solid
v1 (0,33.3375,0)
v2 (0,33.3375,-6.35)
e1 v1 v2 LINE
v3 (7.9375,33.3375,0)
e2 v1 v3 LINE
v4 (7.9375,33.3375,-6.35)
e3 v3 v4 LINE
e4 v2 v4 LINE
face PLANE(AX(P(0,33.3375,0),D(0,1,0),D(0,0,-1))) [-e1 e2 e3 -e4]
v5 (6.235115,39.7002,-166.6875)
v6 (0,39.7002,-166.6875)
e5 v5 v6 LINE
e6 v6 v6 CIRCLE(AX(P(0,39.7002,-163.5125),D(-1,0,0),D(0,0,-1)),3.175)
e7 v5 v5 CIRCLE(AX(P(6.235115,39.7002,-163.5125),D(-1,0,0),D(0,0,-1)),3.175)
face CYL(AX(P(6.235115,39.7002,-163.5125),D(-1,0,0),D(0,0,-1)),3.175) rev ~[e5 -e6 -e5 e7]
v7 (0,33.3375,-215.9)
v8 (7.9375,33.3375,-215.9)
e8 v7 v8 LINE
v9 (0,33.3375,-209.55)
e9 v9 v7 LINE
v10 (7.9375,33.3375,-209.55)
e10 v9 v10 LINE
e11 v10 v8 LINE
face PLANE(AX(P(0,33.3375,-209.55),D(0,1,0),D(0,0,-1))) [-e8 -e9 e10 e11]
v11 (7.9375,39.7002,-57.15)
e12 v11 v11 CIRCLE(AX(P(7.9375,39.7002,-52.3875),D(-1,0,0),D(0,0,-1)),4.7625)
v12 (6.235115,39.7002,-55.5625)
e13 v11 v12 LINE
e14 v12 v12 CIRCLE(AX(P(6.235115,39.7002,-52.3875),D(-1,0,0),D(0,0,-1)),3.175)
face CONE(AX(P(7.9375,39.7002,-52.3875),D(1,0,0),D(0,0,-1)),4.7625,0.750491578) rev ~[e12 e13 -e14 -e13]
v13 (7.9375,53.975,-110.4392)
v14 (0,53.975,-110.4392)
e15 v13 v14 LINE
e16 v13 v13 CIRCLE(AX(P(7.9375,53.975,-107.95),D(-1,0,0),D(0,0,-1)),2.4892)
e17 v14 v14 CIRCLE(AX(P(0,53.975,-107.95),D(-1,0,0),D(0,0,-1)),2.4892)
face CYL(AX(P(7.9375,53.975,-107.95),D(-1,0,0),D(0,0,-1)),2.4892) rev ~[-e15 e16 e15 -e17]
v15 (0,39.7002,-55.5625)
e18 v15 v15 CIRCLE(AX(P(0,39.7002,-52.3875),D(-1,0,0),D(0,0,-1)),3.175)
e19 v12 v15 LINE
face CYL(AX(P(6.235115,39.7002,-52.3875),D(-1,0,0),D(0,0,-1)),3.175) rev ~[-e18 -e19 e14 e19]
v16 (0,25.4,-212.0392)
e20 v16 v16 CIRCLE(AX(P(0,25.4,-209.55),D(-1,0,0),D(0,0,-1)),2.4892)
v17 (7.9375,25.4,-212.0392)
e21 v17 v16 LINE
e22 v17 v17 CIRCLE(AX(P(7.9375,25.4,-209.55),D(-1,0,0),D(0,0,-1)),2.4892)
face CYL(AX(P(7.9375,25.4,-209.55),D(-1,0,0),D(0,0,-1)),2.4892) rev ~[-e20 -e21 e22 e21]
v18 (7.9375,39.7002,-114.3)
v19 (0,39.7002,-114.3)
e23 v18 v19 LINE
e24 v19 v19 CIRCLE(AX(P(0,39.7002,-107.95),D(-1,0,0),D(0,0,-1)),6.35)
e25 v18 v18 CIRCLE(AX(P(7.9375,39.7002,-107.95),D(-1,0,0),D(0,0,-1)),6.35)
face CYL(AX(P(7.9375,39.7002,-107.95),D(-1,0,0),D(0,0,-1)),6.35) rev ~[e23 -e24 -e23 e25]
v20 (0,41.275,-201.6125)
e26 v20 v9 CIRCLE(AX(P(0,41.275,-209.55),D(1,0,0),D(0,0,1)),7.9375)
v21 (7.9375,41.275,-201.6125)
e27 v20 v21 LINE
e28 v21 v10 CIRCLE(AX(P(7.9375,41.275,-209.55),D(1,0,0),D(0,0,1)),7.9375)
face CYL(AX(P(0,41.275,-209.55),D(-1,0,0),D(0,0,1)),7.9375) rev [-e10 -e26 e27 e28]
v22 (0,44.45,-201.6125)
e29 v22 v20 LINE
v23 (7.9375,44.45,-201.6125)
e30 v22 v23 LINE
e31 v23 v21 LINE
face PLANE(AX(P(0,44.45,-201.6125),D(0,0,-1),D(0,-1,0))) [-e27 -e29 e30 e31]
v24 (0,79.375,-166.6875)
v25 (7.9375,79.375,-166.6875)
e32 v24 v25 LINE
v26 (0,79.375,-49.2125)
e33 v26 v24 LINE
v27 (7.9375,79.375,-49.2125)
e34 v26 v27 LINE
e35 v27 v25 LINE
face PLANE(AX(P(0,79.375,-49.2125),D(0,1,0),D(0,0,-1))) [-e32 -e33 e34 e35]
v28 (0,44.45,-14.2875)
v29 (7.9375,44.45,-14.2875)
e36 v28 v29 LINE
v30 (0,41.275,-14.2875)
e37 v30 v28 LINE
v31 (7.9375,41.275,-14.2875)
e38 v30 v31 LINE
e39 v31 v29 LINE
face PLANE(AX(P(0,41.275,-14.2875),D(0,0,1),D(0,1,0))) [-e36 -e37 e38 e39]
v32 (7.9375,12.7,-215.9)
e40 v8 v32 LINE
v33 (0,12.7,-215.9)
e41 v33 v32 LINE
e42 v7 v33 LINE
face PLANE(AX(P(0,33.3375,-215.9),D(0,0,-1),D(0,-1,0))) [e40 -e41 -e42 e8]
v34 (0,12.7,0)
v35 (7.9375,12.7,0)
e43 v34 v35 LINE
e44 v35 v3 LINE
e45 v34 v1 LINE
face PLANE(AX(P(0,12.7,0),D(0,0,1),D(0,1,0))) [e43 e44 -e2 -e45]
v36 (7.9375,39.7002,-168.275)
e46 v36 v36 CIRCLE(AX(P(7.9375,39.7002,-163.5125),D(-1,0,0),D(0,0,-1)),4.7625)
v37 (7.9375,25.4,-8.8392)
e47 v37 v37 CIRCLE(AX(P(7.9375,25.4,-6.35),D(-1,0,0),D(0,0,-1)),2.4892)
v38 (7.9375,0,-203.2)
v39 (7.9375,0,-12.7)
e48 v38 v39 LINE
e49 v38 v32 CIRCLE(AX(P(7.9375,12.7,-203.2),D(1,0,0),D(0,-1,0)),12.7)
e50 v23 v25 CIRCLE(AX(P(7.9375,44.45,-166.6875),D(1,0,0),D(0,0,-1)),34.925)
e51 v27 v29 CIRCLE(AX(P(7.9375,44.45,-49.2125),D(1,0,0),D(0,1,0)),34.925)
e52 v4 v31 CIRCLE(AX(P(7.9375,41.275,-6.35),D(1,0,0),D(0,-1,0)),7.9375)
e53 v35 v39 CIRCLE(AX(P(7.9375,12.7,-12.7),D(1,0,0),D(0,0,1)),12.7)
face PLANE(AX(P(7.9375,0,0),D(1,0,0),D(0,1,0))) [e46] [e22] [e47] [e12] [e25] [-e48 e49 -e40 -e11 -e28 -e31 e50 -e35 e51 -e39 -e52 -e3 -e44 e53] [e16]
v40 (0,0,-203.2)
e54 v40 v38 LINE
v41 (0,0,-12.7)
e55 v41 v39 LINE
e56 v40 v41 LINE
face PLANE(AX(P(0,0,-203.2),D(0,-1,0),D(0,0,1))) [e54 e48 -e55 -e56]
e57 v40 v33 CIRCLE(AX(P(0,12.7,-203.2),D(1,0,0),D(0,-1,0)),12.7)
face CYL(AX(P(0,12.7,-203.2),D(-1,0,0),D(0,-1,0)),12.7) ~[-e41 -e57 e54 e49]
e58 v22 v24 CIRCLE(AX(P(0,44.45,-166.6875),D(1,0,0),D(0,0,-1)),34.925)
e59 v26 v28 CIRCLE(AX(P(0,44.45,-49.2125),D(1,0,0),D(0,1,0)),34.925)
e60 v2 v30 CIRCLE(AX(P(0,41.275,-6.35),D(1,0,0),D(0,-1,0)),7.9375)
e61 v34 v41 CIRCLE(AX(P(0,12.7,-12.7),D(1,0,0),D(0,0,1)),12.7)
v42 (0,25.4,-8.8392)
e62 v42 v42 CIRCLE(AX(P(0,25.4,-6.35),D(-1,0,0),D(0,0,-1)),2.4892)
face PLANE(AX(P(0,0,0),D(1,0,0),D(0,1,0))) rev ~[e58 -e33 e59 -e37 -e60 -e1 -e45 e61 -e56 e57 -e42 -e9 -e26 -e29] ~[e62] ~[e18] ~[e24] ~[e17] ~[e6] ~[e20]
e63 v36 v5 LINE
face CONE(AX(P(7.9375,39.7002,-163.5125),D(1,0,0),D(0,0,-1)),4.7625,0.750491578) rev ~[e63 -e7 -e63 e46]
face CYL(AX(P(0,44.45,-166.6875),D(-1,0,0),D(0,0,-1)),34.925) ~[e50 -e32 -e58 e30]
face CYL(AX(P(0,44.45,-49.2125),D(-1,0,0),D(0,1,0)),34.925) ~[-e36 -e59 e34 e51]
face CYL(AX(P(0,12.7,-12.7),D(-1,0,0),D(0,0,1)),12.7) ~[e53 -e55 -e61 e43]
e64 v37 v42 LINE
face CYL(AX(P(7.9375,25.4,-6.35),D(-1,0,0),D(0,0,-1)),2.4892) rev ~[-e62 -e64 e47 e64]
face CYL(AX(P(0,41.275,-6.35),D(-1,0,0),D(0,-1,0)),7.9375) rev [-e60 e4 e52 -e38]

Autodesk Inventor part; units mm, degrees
ref_plane "YZ Plane" through (0, 0, 0) normal (1, 0, 0) x (0, 1, 0)
ref_plane "XZ Plane" through (0, 0, 0) normal (0, 1, 0) x (-1, 0, 0)
ref_plane "XY Plane" through (0, 0, 0) normal (0, 0, 1) x (1, 0, 0)
sketch "Sketch1" plane through (0, 0, 0) normal (1, 0, 0) x (0, 1, 0)
  line L0 (12.7, 0) -> (33.3375, 0)
  line L1 (33.3375, -215.9) -> (12.7, -215.9)
  line L2 (0, -203.2) -> (0, -12.7)
  line L3 (41.275, -14.2875) -> (44.45, -14.2875)
  line L4 (79.375, -49.2125) -> (79.375, -166.6875)
  line L5 (44.45, -201.6125) -> (41.275, -201.6125)
  line L6 (0, -210.6276) -> (0, -5.2724)
  line L7 (33.3375, 0) -> (33.3375, -6.35)
  line L8 (33.3375, -209.55) -> (33.3375, -215.9)
  arc A0 (79.375, -49.2125) -> (44.45, -14.2875) centre (44.45, -49.2125) ccw
  arc A1 (44.45, -201.6125) -> (79.375, -166.6875) centre (44.45, -166.6875) ccw
  arc A2 (33.3375, -6.35) -> (41.275, -14.2875) centre (41.275, -6.35) ccw
  arc A3 (41.275, -201.6125) -> (33.3375, -209.55) centre (41.275, -209.55) ccw
  arc A4 (12.7, 0) -> (0, -12.7) centre (12.7, -12.7) ccw
  arc A5 (0, -203.2) -> (12.7, -215.9) centre (12.7, -203.2) ccw
  point P0 (0, 0)
  point P1 (0, -215.9)
  point P2 (79.375, -201.6125)
  point P3 (79.375, -107.95)
  point P4 (33.3375, -107.95)
  dimension "d0" = 215.9
  dimension "d1" = 79.375
  dimension "d2" = 33.3375
  dimension "d3" = 14.2875
  dimension "d4" = 14.2875
  dimension "d5" = 34.925
  dimension "d6" = 34.925
  dimension "d7" = 7.9375
  dimension "d8" = 12.7
  dimension "d9" = 12.7
extrude "Extrusion1" add sketch "Sketch1" along normal blind 7.9375
sketch "Sketch2" plane through (7.9375, 0, 0) normal (1, 0, 0) x (0, 0, -1)
  line L0 (215.9, 12.7) -> (215.9, 33.3375) projected
  line L1 (215.9, 33.3375) -> (209.55, 33.3375) projected
  arc A0 (201.6125, 41.275) -> (209.55, 33.3375) centre (209.55, 41.275) ccw projected
  line L2 (201.6125, 41.275) -> (201.6125, 44.45) projected
  arc A1 (201.6125, 44.45) -> (166.6875, 79.375) centre (166.6875, 44.45) ccw projected
  line L3 (166.6875, 79.375) -> (49.2125, 79.375) projected
  arc A2 (49.2125, 79.375) -> (14.2875, 44.45) centre (49.2125, 44.45) ccw projected
  line L4 (14.2875, 44.45) -> (14.2875, 41.275) projected
  arc A3 (6.35, 33.3375) -> (14.2875, 41.275) centre (6.35, 41.275) ccw projected
  line L5 (6.35, 33.3375) -> (0, 33.3375) projected
  line L6 (0, 33.3375) -> (0, 12.7) projected
  arc A4 (0, 12.7) -> (12.7, 0) centre (12.7, 12.7) ccw projected
  line L7 (12.7, 0) -> (203.2, 0) projected
  arc A5 (203.2, 0) -> (215.9, 12.7) centre (203.2, 12.7) ccw projected
  line L8 (107.95, 79.375) -> (107.95, 0) construction
  point P0 (0, 0)
  point P1 (6.35, 25.4)
  point P2 (52.3875, 39.7002)
  point P3 (107.95, 53.975)
  point P4 (107.95, 39.7002)
  point P5 (209.55, 25.4)
  point P6 (163.5125, 39.7002)
  dimension "d12" = 107.95
  dimension "d13" = 39.7002
  dimension "d15" = 39.7002
  dimension "d16" = 53.975
  dimension "d17" = 52.3875
  dimension "d18" = 6.35
  dimension "d19" = 25.4
sketch "Sketch3" plane through (7.9375, 0, 0) normal (1, 0, 0) x (0, 0, -1)
  line L0 (49.2125, 79.375) -> (166.6875, 79.375) construction
  line L1 (107.95, 79.375) -> (107.95, 0) construction
  point P0 (0, 0)
hole "Hole1" at (7.9375, 39.7002, -107.95) direction (-1, 0, 0) diameter 12.7 depth 25.4 tip angle 118
hole "Hole2" at (7.9375, 53.975, -107.95) direction (-1, 0, 0) diameter 4.9784 depth 25.4 tip angle 118 thread size "1/4-20 UNC" class "2B" standard "ANSI Unified Screw Threads"
hole "Hole3" at (7.9375, 25.4, -6.35) at (7.9375, 25.4, -209.55) direction (-1, 0, 0) diameter 4.9784 depth 25.4 tip angle 118 thread size "1/4-20 UNC" class "2B" standard "ANSI Unified Screw Threads"
hole "Hole4" at (7.9375, 39.7002, -52.3875) at (7.9375, 39.7002, -163.5125) direction (-1, 0, 0) diameter 6.35 depth 25.4 tip angle 118 countersink diameter 9.525 countersink angle 86
properties part number "Base plate"
